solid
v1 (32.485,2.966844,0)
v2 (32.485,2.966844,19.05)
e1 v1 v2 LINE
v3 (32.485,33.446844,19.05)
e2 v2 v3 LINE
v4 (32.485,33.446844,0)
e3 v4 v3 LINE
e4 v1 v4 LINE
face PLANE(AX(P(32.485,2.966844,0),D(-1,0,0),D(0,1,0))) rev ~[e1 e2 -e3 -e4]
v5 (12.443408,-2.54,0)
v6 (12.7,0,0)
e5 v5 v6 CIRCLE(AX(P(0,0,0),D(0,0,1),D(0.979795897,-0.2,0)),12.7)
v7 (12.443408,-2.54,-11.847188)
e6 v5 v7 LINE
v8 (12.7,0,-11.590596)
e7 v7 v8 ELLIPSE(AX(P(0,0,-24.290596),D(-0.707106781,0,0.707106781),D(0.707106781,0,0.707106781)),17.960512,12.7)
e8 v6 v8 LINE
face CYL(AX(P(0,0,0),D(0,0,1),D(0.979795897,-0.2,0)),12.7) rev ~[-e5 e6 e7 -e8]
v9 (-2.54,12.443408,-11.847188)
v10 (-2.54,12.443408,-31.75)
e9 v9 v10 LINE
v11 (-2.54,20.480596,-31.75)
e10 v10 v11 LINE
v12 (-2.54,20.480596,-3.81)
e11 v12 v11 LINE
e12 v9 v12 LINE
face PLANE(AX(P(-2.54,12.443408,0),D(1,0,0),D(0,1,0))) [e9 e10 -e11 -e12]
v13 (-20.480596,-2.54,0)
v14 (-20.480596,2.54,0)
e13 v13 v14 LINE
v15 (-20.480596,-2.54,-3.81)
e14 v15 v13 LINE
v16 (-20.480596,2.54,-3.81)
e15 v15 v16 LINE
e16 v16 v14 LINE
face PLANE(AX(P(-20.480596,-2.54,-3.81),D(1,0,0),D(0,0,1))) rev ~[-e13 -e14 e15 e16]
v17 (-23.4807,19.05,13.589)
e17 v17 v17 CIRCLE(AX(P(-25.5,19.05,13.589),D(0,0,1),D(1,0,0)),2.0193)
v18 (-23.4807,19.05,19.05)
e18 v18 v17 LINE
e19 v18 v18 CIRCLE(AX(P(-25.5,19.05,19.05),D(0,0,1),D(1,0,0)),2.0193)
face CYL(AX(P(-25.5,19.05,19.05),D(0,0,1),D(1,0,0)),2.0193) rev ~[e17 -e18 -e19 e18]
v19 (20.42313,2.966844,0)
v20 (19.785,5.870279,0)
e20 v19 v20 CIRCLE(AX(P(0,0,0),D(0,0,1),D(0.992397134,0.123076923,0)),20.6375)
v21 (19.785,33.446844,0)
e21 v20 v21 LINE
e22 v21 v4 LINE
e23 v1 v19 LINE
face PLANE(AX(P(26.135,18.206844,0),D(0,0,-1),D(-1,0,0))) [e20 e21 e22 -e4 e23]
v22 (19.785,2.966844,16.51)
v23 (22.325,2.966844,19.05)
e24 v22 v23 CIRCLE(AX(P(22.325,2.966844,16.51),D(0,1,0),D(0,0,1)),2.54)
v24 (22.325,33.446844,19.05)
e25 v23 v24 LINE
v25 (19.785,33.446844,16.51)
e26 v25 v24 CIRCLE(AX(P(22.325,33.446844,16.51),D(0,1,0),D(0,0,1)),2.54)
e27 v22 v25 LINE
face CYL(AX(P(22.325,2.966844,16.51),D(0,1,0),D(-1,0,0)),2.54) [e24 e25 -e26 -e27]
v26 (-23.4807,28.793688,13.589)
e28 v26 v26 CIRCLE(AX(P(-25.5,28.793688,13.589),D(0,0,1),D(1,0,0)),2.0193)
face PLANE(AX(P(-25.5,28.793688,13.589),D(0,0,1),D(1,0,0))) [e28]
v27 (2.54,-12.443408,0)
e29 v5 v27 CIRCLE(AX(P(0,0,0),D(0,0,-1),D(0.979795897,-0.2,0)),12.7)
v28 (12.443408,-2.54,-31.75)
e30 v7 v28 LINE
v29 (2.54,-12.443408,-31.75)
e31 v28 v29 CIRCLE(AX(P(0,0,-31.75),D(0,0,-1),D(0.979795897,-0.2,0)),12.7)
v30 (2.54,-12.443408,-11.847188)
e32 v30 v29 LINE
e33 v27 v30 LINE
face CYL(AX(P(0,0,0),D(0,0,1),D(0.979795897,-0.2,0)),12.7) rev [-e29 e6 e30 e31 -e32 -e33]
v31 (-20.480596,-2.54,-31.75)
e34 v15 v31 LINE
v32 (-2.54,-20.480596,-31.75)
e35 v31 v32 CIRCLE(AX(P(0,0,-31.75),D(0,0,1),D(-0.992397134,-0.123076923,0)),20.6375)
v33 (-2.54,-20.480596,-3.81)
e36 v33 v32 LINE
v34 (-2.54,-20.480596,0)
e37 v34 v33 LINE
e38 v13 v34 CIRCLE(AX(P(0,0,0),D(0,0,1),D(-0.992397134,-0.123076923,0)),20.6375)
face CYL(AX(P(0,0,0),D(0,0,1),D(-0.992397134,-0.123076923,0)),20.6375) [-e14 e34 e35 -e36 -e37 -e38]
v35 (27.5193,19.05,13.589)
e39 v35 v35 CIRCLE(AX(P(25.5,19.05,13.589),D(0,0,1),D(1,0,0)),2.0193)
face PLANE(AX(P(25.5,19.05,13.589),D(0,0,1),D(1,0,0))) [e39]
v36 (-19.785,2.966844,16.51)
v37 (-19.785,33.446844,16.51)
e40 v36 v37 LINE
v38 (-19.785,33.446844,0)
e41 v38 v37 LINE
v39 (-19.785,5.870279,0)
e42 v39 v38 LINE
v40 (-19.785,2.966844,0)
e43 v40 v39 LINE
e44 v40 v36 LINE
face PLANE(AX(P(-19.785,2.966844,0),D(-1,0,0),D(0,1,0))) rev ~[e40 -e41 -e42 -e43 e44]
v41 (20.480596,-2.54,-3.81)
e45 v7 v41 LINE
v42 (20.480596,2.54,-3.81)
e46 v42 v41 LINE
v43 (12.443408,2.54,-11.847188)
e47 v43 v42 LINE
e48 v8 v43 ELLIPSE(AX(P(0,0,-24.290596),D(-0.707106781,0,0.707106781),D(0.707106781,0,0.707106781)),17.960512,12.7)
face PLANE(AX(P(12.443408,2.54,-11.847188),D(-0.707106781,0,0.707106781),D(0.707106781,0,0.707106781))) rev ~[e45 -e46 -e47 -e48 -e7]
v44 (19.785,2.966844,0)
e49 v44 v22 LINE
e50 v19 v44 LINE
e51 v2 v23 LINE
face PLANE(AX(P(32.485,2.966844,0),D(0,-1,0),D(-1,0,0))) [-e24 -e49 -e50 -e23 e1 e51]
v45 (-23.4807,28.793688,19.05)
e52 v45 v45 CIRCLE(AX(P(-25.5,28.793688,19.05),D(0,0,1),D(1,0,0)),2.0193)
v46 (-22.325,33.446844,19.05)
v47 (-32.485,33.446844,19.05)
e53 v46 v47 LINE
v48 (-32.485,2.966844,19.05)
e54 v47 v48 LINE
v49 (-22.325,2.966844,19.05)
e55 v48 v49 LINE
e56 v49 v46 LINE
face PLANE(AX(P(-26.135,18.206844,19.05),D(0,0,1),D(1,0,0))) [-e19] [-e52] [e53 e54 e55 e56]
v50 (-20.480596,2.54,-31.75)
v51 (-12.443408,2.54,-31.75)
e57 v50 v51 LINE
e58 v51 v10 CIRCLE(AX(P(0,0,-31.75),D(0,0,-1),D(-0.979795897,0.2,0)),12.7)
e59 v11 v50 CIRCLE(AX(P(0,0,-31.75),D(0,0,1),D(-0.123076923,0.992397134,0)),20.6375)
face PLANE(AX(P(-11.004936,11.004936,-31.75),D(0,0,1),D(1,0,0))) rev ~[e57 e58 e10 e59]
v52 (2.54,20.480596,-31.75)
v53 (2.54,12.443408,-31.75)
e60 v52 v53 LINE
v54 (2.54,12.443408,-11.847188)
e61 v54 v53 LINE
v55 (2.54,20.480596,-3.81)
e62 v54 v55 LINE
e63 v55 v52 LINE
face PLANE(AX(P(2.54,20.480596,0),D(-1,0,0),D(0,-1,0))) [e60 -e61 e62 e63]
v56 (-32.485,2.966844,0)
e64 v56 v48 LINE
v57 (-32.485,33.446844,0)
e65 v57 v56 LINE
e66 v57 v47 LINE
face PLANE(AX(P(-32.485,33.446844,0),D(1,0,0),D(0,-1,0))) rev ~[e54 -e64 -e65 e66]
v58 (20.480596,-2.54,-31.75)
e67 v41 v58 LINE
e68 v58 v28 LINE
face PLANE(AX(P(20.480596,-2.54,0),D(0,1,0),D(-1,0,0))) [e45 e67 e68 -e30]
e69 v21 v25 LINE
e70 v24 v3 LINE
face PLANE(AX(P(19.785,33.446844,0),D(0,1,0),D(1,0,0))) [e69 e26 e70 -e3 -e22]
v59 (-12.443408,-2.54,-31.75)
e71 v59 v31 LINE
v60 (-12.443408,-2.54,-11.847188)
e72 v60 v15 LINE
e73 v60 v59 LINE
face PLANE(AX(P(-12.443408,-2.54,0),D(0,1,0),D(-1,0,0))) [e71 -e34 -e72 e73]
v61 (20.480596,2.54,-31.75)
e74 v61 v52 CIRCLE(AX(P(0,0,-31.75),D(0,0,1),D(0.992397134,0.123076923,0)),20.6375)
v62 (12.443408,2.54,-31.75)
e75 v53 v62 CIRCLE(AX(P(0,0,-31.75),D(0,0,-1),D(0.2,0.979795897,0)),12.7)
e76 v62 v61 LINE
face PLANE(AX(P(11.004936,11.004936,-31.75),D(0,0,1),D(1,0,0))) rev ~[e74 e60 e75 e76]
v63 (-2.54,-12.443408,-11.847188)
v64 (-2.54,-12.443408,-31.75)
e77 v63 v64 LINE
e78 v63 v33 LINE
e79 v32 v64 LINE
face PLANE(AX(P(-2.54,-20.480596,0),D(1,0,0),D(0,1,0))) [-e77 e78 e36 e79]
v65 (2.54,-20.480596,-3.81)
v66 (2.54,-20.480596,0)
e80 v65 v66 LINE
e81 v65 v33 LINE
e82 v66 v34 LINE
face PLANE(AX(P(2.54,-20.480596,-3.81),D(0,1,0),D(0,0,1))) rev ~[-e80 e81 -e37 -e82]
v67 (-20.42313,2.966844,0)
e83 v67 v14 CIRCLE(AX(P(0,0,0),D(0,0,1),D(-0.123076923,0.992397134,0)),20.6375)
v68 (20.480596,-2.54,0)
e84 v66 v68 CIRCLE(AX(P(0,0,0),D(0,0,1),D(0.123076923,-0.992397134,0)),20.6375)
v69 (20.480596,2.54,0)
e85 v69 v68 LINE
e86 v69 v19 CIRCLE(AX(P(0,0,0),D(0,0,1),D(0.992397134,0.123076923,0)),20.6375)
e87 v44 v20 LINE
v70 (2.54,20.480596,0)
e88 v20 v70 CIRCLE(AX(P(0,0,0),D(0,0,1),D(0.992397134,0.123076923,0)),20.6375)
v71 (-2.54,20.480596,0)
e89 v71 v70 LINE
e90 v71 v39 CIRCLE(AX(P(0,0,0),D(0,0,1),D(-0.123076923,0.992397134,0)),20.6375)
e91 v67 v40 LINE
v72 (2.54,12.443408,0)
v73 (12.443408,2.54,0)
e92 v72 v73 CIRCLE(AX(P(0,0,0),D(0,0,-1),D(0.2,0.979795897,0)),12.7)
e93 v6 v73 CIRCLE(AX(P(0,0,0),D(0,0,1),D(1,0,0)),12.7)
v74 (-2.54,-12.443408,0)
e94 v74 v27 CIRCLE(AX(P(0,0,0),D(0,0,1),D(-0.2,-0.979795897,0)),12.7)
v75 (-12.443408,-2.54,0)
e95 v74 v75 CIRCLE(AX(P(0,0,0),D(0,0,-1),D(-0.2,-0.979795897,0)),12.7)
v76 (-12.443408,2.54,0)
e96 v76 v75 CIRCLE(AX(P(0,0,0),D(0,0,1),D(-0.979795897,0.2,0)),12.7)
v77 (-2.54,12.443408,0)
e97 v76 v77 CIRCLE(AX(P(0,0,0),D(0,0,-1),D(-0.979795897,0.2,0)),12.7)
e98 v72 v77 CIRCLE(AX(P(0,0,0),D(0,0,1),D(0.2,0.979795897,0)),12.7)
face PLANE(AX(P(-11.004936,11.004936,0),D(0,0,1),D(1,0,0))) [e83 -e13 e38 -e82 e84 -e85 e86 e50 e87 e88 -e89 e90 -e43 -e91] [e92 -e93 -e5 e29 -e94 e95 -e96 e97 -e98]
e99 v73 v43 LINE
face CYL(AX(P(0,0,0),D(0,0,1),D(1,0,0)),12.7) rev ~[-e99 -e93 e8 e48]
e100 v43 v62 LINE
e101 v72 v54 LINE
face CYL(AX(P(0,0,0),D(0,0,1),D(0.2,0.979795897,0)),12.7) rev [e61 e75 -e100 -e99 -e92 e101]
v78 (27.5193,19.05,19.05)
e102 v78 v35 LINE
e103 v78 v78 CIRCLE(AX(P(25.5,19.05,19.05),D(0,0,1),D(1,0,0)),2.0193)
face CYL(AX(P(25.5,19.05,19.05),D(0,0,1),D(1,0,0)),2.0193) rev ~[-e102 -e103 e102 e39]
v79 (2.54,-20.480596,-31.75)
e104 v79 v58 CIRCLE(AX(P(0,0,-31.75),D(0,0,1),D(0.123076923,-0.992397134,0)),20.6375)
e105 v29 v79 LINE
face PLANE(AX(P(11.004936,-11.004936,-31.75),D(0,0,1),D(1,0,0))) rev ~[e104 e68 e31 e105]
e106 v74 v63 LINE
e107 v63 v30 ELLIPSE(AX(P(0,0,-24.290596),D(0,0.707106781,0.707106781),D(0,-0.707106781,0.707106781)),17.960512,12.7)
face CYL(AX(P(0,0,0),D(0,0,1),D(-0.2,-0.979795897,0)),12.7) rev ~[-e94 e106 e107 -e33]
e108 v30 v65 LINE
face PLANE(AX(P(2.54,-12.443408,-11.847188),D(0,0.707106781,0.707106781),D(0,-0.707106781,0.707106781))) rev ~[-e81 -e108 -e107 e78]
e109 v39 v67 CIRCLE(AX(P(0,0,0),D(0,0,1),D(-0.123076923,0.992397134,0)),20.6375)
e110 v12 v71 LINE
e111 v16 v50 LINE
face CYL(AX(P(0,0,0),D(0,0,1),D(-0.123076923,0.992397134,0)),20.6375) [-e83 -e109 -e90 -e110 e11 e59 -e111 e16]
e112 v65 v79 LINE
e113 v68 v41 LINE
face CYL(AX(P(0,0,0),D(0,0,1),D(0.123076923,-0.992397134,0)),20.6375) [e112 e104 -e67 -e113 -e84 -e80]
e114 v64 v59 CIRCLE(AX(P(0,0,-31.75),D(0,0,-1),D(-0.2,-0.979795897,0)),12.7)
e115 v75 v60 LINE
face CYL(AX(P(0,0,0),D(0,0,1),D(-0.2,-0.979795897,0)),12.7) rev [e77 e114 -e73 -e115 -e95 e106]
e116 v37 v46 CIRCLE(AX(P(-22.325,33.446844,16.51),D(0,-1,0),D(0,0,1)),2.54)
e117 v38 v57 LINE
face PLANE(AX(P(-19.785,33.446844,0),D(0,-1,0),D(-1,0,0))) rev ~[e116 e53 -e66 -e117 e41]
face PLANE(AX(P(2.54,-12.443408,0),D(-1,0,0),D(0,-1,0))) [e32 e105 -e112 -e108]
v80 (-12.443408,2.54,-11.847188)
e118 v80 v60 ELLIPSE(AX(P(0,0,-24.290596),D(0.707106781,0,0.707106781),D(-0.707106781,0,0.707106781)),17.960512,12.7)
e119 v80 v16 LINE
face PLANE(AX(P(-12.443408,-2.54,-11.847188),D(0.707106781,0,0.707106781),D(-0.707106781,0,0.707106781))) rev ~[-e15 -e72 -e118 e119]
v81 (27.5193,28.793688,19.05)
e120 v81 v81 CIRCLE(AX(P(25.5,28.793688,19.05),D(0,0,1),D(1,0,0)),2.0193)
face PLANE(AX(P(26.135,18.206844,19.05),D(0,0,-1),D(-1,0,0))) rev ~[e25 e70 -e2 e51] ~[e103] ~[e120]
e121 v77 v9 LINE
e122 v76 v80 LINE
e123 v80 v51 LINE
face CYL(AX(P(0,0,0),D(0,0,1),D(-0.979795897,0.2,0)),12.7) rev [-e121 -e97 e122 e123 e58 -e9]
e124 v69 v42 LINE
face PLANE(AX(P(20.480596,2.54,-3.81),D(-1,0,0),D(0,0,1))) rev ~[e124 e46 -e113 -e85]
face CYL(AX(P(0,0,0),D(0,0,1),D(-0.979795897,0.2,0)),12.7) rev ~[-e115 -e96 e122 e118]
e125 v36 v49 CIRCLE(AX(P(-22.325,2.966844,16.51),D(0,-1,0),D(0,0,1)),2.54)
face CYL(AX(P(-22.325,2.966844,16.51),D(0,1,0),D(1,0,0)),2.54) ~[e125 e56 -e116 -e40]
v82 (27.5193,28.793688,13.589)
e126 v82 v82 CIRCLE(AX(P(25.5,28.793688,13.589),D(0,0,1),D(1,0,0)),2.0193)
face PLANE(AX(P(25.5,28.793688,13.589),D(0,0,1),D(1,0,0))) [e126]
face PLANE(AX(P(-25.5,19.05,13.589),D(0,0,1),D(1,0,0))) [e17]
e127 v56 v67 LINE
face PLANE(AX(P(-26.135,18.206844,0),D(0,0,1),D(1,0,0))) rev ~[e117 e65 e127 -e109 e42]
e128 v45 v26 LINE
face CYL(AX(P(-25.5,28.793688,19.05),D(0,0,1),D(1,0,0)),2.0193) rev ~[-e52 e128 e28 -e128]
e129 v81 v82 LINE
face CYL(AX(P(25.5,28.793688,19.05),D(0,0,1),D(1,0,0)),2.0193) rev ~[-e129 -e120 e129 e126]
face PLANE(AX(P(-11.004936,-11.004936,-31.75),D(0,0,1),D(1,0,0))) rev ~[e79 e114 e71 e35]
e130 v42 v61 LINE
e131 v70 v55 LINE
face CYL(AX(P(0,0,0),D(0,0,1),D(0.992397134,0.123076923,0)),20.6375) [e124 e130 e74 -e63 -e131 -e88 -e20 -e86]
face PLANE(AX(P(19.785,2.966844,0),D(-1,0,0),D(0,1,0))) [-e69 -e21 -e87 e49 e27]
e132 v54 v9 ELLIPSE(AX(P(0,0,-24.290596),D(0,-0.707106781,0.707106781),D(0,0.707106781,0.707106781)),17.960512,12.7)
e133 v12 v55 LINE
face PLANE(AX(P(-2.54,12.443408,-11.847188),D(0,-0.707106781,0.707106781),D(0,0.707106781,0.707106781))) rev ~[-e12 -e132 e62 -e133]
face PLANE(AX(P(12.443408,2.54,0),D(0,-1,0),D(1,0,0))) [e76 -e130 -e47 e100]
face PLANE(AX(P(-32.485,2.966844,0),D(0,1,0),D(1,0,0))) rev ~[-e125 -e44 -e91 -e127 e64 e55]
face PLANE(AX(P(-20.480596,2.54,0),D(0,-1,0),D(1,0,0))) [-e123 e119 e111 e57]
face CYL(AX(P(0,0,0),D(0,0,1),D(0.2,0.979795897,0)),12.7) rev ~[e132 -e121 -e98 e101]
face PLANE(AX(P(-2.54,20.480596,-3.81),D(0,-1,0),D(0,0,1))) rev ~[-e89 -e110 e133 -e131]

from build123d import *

# Parameters (mm, degrees)
BOSS_EXTRUDE3_DEPTH   = 31.75
BOSS_EXTRUDE3_2_DEPTH = 31.75
BOSS_EXTRUDE3_3_DEPTH = 31.75
BOSS_EXTRUDE3_4_DEPTH = 31.75
BOSS_EXTRUDE4_DEPTH   = 5.08
CIRPATTERN2_COUNT     = 4
CUT_EXTRUDE1_DEPTH    = 47.752
BOSS_EXTRUDE6_DEPTH   = 19.05
SKETCH12_R            = 2.0193
CUT_EXTRUDE2_DEPTH    = 5.461
FILLET5_R             = 2.54


with BuildPart() as part:
    # Sketch4 → Boss-Extrude3 (new body)
    with BuildSketch(Plane.XY):
        with BuildLine():
            Line((-20.480595847, 2.54), (-12.443407893, 2.54))
            ThreePointArc((-12.443407893, 2.54), (-8.980256121, 8.980256121), (-2.54, 12.443407893))
            Line((-2.54, 12.443407893), (-2.54, 20.480595847))
            ThreePointArc((-2.54, 20.480595847), (-14.592916197, 14.592916197), (-20.480595847, 2.54))
        make_face()
    extrude(amount=-BOSS_EXTRUDE3_DEPTH)


with BuildPart() as body_2:
    # Sketch4 → Boss-Extrude3 2 (new body)
    with BuildSketch(Plane.XY):
        with BuildLine():
            ThreePointArc((-2.54, -12.443407893), (-8.980256121, -8.980256121), (-12.443407893, -2.54))
            Line((-12.443407893, -2.54), (-20.480595847, -2.54))
            ThreePointArc((-20.480595847, -2.54), (-14.592916197, -14.592916197), (-2.54, -20.480595847))
            Line((-2.54, -20.480595847), (-2.54, -12.443407893))
        make_face()
    extrude(amount=-BOSS_EXTRUDE3_2_DEPTH)


with BuildPart() as body_3:
    # Sketch4 → Boss-Extrude3 3 (new body)
    with BuildSketch(Plane.XY):
        with BuildLine():
            Line((2.54, 20.480595847), (2.54, 12.443407893))
            ThreePointArc((2.54, 12.443407893), (8.980256121, 8.980256121), (12.443407893, 2.54))
            Line((12.443407893, 2.54), (20.480595847, 2.54))
            ThreePointArc((20.480595847, 2.54), (14.592916197, 14.592916197), (2.54, 20.480595847))
        make_face()
    extrude(amount=-BOSS_EXTRUDE3_3_DEPTH)


with BuildPart() as body_4:
    # Sketch4 → Boss-Extrude3 4 (new body)
    with BuildSketch(Plane.XY):
        with BuildLine():
            ThreePointArc((12.443407893, -2.54), (8.980256121, -8.980256121), (2.54, -12.443407893))
            Line((2.54, -12.443407893), (2.54, -20.480595847))
            ThreePointArc((2.54, -20.480595847), (14.592916197, -14.592916197), (20.480595847, -2.54))
            Line((20.480595847, -2.54), (12.443407893, -2.54))
        make_face()
    extrude(amount=-BOSS_EXTRUDE3_4_DEPTH)


with BuildPart() as body_5:
    # Sketch7 → Boss-Extrude4 (new body)
    with BuildSketch(Plane.XZ.offset(-2.54)):
        Polygon((12.443407893, 0), (12.443407893, -11.847187954), (20.480595847, -3.81), (20.480595847, 0), align=None)
    extrude(amount=BOSS_EXTRUDE4_DEPTH)


with BuildPart() as cirpattern2_1:
    # CirPattern2: pattern copy
    add(body_5.part.rotate(Axis((0, 0, 0), (0, 0, 1)), 1 * 360 / CIRPATTERN2_COUNT))


with BuildPart() as cirpattern2_2:
    # CirPattern2: pattern copy
    add(body_5.part.rotate(Axis((0, 0, 0), (0, 0, 1)), 2 * 360 / CIRPATTERN2_COUNT))


with BuildPart() as cirpattern2_3:
    # CirPattern2: pattern copy
    add(body_5.part.rotate(Axis((0, 0, 0), (0, 0, 1)), 3 * 360 / CIRPATTERN2_COUNT))


with BuildPart() as body_3_1:
    add(body_3.part)

    # Combine1: union CirPattern2_2, body 2, CirPattern2_3, body 4, body 5, CirPattern2_1, part
    add(cirpattern2_2.part)
    add(body_2.part)
    add(cirpattern2_3.part)
    add(body_4.part)
    add(body_5.part)
    add(cirpattern2_1.part)
    add(part.part)

    # Sketch8 → Cut-Extrude1 (cut)
    with BuildSketch(Plane.XY):
        with BuildLine():
            Line((-2.54, 12.443407893), (2.54, 12.443407893))
            ThreePointArc((2.54, 12.443407893), (0, 12.7), (-2.54, 12.443407893))
        make_face()
        with BuildLine():
            Line((12.443407893, 2.54), (12.443407893, -2.54))
            ThreePointArc((12.443407893, -2.54), (12.635689143, -1.276463817), (12.7, 0))
            ThreePointArc((12.7, 0), (12.635689143, 1.276463817), (12.443407893, 2.54))
        make_face()
        with BuildLine():
            ThreePointArc((-2.54, -12.443407893), (0, -12.7), (2.54, -12.443407893))
            Line((2.54, -12.443407893), (-2.54, -12.443407893))
        make_face()
        with BuildLine():
            ThreePointArc((-12.443407893, 2.54), (-12.7, 0), (-12.443407893, -2.54))
            Line((-12.443407893, -2.54), (-12.443407893, 2.54))
        make_face()
    extrude(amount=-CUT_EXTRUDE1_DEPTH, mode=Mode.SUBTRACT)

    # Sketch11 → Boss-Extrude6 (add)
    with BuildSketch(Plane.XY):
        Polygon((-19.785000054, 33.446844079), (-32.485000054, 33.446844079), (-32.485000054, 14.396844079), (-32.485000054, 2.966844079), (-19.785000054, 2.966844079), align=None)
        Polygon((32.485000054, 33.446844079), (32.485000054, 14.396844079), (32.485000054, 2.966844079), (19.785000054, 2.966844079), (19.785000054, 33.446844079), align=None)
    extrude(amount=BOSS_EXTRUDE6_DEPTH)

    # Sketch12 → Cut-Extrude2 (cut)
    with BuildSketch(Plane.XY.offset(19.05)):
        with Locations((25.500000054, 28.793688158)):
            Circle(SKETCH12_R)
        with Locations((25.500000054, 19.05)):
            Circle(SKETCH12_R)
        with Locations((-25.500000054, 28.793688158)):
            Circle(SKETCH12_R)
        with Locations((-25.500000054, 19.05)):
            Circle(SKETCH12_R)
    extrude(amount=-CUT_EXTRUDE2_DEPTH, mode=Mode.SUBTRACT)

    # Fillet5
    fillet5_edges = [body_3_1.edges().sort_by_distance(p)[0] for p in [
        (-19.785000054, 18.206844079, 19.05),
        (19.785000054, 18.206844079, 19.05),
    ]]
    fillet(fillet5_edges, radius=FILLET5_R)


solid = body_3_1.part
